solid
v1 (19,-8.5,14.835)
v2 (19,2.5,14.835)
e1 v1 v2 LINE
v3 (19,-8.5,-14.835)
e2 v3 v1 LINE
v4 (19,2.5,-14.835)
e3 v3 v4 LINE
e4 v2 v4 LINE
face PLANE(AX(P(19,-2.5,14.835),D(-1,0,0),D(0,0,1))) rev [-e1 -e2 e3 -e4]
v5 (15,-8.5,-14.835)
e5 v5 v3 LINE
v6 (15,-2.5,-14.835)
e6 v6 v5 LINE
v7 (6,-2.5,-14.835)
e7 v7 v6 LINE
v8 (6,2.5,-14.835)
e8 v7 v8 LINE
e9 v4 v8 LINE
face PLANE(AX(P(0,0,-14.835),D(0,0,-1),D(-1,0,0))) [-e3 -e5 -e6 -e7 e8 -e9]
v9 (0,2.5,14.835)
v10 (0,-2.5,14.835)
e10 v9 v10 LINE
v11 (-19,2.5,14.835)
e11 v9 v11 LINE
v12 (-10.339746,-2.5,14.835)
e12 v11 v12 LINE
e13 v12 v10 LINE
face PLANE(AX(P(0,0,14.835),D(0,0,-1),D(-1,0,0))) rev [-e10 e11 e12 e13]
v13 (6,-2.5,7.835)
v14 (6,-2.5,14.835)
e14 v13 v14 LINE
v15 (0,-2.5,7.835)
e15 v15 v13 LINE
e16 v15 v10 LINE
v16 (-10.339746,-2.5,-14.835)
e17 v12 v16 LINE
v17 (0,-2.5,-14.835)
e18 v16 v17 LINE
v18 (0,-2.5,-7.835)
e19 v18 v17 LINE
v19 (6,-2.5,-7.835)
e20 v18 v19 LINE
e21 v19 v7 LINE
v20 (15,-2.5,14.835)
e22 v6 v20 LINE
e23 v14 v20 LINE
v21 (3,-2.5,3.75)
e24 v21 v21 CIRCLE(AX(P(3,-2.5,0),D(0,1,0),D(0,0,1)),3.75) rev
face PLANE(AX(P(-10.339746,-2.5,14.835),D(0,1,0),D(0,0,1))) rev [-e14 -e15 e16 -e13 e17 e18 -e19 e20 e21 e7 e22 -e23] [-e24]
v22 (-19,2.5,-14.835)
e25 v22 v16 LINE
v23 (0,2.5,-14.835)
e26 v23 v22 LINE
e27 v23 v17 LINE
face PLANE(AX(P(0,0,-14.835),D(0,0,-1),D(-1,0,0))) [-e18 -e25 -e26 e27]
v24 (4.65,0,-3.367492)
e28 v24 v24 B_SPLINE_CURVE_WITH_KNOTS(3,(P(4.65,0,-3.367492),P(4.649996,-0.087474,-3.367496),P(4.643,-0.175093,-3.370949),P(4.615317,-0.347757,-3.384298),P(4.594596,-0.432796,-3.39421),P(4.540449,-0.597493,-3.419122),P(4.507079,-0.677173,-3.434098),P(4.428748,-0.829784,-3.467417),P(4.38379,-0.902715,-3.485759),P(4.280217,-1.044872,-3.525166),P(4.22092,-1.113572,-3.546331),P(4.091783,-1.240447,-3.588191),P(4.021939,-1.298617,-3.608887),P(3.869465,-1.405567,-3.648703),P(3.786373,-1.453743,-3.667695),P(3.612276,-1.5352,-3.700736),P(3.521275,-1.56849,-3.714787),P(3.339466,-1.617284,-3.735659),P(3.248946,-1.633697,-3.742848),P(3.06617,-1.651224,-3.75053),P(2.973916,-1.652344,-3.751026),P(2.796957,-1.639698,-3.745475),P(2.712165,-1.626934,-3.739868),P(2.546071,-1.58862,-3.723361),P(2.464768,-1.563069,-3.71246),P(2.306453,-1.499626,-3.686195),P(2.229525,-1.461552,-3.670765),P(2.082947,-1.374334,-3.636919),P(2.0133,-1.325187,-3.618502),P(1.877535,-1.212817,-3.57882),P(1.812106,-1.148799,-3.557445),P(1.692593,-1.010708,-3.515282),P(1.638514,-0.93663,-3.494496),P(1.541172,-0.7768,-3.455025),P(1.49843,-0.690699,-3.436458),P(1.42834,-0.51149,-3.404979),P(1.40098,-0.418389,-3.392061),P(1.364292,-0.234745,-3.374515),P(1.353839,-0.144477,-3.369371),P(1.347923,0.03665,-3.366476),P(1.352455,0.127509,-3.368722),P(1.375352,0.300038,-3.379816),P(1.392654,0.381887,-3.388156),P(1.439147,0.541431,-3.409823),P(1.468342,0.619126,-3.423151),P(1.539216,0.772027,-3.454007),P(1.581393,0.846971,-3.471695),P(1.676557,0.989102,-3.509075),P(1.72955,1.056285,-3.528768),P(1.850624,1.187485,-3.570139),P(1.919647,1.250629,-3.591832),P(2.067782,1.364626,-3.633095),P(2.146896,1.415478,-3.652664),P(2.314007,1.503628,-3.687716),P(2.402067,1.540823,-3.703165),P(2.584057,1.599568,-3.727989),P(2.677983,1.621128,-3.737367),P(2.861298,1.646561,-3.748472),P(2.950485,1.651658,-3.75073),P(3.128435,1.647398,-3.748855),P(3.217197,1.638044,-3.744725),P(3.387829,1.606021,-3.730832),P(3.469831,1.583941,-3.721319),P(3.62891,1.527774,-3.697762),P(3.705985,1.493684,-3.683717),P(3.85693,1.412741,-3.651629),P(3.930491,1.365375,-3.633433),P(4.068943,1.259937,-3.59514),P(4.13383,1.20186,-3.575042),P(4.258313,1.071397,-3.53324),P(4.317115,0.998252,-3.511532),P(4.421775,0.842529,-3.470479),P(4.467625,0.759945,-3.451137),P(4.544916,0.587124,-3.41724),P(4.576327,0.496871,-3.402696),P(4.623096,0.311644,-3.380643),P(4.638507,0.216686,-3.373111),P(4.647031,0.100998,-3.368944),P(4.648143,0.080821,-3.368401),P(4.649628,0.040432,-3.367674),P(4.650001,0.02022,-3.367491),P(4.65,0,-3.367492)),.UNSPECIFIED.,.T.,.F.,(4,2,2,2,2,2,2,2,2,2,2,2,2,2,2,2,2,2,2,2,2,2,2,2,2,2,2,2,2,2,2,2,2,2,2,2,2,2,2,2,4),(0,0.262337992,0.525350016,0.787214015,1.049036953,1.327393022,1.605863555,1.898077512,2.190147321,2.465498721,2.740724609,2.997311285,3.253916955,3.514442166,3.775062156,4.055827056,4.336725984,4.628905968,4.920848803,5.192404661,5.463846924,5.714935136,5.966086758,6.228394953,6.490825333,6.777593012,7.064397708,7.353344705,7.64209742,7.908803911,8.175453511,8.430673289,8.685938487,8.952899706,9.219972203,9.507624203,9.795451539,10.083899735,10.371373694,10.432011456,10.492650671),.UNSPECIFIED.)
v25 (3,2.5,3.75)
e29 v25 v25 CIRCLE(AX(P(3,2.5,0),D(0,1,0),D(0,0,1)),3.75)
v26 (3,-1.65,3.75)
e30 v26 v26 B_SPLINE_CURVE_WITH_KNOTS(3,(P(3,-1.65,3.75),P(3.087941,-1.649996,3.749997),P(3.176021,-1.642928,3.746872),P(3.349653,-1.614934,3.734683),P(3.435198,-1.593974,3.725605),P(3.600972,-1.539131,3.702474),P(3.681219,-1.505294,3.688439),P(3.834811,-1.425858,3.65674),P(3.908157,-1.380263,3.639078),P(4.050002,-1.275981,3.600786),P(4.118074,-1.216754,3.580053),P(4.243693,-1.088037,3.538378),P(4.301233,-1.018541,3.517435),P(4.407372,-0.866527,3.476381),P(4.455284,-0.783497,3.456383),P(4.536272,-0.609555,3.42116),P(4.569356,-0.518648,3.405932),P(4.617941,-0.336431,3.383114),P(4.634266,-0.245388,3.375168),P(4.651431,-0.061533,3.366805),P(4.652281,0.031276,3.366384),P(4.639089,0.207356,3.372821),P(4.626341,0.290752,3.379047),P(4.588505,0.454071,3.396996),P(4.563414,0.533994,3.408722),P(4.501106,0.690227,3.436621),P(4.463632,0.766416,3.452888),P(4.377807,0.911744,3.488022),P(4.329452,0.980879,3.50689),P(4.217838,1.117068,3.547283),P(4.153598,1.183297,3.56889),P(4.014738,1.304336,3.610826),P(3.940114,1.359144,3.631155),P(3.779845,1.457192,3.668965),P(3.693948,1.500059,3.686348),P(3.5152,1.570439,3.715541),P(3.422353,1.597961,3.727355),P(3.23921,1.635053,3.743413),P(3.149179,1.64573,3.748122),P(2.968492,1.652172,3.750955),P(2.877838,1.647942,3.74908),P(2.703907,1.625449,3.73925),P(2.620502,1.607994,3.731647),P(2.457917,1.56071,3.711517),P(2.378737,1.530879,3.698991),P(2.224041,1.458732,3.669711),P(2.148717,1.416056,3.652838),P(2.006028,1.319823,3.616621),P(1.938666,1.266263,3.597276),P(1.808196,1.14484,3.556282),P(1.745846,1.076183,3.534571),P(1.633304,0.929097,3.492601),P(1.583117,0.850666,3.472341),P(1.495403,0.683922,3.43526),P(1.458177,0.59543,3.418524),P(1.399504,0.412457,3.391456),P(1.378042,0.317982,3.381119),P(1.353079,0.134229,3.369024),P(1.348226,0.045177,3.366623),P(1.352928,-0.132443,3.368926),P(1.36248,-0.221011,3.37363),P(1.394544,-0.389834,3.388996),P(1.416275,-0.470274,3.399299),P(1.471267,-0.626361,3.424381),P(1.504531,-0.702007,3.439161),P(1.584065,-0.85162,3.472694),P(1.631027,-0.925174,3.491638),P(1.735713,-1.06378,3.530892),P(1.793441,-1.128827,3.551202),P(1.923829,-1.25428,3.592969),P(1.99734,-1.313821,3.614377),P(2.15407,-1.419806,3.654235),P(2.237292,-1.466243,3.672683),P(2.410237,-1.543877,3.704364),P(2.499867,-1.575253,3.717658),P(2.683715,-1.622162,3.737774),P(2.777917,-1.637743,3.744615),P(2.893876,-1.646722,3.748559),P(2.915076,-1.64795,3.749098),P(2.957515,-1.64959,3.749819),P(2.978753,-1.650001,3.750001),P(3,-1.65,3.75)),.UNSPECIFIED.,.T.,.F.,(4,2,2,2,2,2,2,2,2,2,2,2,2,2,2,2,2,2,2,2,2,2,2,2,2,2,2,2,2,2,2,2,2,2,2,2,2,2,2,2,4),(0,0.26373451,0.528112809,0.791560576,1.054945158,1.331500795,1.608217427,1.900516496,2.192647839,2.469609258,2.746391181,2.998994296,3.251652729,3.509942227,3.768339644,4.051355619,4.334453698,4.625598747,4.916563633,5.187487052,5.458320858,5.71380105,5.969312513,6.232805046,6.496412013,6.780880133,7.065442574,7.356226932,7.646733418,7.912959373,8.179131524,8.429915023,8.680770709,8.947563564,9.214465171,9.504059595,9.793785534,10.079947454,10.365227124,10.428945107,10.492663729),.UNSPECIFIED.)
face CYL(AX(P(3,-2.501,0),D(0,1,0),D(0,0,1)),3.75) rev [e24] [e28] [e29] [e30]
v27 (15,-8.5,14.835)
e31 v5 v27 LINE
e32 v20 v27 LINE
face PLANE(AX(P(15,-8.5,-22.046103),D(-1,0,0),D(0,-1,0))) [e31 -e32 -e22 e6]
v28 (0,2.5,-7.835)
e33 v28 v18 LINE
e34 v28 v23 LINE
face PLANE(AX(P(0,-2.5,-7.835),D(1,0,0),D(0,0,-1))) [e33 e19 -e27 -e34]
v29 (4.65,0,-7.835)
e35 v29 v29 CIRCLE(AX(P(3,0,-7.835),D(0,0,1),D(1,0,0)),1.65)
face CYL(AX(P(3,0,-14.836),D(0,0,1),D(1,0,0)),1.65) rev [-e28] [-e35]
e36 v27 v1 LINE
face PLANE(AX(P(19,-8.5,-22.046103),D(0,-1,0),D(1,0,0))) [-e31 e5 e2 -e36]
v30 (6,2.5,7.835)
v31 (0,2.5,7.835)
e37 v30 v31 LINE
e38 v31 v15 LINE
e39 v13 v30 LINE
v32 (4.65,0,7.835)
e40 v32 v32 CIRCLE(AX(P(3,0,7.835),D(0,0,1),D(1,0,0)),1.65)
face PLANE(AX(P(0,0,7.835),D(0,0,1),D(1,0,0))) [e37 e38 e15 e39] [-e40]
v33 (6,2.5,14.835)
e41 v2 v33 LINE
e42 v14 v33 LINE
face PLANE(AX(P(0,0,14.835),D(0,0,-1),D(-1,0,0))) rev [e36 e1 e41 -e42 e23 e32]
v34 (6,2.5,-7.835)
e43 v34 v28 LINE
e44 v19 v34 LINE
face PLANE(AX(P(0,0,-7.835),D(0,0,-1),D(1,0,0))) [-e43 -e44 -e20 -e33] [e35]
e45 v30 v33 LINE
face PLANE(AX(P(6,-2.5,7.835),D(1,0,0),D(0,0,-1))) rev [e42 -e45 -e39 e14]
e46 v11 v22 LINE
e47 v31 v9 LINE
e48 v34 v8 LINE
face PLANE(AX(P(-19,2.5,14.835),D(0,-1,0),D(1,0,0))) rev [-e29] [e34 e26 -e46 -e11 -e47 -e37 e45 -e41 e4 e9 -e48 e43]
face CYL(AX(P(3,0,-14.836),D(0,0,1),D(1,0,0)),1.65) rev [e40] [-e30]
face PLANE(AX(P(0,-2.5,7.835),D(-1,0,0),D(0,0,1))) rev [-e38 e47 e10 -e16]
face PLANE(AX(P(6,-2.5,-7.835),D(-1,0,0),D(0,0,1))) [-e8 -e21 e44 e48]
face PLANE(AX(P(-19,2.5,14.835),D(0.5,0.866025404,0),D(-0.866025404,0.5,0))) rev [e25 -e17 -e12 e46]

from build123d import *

# Parameters (mm, degrees)
BOSS_EXTRUDE1_DEPTH = 14.835
CUT_EXTRUDE1_REACH  = 37.321
SKETCH4_R           = 1.65
SKETCH4_3_W         = 6
SKETCH4_3_H         = 5
SKETCH4_3_R         = 1.65
CUT_EXTRUDE3_DEPTH  = 7
CUT_EXTRUDE2_REACH  = 26.619
SKETCH5_R           = 3.75
SKETCH6_W           = 4
SKETCH6_H           = 6
BOSS_EXTRUDE2_DEPTH = 29.67


with BuildPart() as part:
    # Sketch3 → Boss-Extrude1 (new, symmetric)
    with BuildSketch(Plane.XY):
        Polygon((-19, 2.5), (-10.339745962, -2.5), (19, -2.5), (19, 2.5), align=None)
    extrude(amount=BOSS_EXTRUDE1_DEPTH, both=True)

    # Sketch4 → Cut-Extrude1 (cut, up to next)
    with BuildSketch(Plane.XY.offset(14.835), mode=Mode.PRIVATE) as cut_extrude1_sk1:
        with Locations((3, 0)):
            Circle(SKETCH4_R)
    cut_extrude1_tool1 = extrude(cut_extrude1_sk1.sketch, amount=-CUT_EXTRUDE1_REACH, mode=Mode.PRIVATE) & part.part
    add(cut_extrude1_tool1.solids().sort_by_distance((3, 0, 14.835))[0], mode=Mode.SUBTRACT)

    # Sketch4<3> → Cut-Extrude3 (cut)
    with BuildSketch(Plane.XY.offset(14.835)):
        with Locations((3, 0)):
            Rectangle(SKETCH4_3_W, SKETCH4_3_H)
        with Locations((3, 0)):
            Circle(SKETCH4_3_R, mode=Mode.SUBTRACT)
    cut_extrude3 = extrude(amount=-CUT_EXTRUDE3_DEPTH, mode=Mode.SUBTRACT)

    # Mirror1: Cut-Extrude3 across plane
    add(cut_extrude3.mirror(Plane.XY), mode=Mode.SUBTRACT)

    # Sketch5 → Cut-Extrude2 (cut, up to next)
    with BuildSketch(Plane(origin=(0, 2.5, 0), x_dir=(1, 0, 0), z_dir=(0, 1, 0)), mode=Mode.PRIVATE) as cut_extrude2_sk1:
        with Locations(Location((3, 0, 0), (0, 0, 270))):
            Circle(SKETCH5_R)
    cut_extrude2_tool1 = extrude(cut_extrude2_sk1.sketch, amount=-CUT_EXTRUDE2_REACH, mode=Mode.PRIVATE) & part.part
    add(cut_extrude2_tool1.solids().sort_by_distance((3, 2.5, 0))[0], mode=Mode.SUBTRACT)

    # Sketch6 → Boss-Extrude2 (add)
    with BuildSketch(Plane.XY.offset(14.835)):
        with Locations((17, -5.5)):
            Rectangle(SKETCH6_W, SKETCH6_H)
    extrude(amount=-BOSS_EXTRUDE2_DEPTH)


solid = part.part
